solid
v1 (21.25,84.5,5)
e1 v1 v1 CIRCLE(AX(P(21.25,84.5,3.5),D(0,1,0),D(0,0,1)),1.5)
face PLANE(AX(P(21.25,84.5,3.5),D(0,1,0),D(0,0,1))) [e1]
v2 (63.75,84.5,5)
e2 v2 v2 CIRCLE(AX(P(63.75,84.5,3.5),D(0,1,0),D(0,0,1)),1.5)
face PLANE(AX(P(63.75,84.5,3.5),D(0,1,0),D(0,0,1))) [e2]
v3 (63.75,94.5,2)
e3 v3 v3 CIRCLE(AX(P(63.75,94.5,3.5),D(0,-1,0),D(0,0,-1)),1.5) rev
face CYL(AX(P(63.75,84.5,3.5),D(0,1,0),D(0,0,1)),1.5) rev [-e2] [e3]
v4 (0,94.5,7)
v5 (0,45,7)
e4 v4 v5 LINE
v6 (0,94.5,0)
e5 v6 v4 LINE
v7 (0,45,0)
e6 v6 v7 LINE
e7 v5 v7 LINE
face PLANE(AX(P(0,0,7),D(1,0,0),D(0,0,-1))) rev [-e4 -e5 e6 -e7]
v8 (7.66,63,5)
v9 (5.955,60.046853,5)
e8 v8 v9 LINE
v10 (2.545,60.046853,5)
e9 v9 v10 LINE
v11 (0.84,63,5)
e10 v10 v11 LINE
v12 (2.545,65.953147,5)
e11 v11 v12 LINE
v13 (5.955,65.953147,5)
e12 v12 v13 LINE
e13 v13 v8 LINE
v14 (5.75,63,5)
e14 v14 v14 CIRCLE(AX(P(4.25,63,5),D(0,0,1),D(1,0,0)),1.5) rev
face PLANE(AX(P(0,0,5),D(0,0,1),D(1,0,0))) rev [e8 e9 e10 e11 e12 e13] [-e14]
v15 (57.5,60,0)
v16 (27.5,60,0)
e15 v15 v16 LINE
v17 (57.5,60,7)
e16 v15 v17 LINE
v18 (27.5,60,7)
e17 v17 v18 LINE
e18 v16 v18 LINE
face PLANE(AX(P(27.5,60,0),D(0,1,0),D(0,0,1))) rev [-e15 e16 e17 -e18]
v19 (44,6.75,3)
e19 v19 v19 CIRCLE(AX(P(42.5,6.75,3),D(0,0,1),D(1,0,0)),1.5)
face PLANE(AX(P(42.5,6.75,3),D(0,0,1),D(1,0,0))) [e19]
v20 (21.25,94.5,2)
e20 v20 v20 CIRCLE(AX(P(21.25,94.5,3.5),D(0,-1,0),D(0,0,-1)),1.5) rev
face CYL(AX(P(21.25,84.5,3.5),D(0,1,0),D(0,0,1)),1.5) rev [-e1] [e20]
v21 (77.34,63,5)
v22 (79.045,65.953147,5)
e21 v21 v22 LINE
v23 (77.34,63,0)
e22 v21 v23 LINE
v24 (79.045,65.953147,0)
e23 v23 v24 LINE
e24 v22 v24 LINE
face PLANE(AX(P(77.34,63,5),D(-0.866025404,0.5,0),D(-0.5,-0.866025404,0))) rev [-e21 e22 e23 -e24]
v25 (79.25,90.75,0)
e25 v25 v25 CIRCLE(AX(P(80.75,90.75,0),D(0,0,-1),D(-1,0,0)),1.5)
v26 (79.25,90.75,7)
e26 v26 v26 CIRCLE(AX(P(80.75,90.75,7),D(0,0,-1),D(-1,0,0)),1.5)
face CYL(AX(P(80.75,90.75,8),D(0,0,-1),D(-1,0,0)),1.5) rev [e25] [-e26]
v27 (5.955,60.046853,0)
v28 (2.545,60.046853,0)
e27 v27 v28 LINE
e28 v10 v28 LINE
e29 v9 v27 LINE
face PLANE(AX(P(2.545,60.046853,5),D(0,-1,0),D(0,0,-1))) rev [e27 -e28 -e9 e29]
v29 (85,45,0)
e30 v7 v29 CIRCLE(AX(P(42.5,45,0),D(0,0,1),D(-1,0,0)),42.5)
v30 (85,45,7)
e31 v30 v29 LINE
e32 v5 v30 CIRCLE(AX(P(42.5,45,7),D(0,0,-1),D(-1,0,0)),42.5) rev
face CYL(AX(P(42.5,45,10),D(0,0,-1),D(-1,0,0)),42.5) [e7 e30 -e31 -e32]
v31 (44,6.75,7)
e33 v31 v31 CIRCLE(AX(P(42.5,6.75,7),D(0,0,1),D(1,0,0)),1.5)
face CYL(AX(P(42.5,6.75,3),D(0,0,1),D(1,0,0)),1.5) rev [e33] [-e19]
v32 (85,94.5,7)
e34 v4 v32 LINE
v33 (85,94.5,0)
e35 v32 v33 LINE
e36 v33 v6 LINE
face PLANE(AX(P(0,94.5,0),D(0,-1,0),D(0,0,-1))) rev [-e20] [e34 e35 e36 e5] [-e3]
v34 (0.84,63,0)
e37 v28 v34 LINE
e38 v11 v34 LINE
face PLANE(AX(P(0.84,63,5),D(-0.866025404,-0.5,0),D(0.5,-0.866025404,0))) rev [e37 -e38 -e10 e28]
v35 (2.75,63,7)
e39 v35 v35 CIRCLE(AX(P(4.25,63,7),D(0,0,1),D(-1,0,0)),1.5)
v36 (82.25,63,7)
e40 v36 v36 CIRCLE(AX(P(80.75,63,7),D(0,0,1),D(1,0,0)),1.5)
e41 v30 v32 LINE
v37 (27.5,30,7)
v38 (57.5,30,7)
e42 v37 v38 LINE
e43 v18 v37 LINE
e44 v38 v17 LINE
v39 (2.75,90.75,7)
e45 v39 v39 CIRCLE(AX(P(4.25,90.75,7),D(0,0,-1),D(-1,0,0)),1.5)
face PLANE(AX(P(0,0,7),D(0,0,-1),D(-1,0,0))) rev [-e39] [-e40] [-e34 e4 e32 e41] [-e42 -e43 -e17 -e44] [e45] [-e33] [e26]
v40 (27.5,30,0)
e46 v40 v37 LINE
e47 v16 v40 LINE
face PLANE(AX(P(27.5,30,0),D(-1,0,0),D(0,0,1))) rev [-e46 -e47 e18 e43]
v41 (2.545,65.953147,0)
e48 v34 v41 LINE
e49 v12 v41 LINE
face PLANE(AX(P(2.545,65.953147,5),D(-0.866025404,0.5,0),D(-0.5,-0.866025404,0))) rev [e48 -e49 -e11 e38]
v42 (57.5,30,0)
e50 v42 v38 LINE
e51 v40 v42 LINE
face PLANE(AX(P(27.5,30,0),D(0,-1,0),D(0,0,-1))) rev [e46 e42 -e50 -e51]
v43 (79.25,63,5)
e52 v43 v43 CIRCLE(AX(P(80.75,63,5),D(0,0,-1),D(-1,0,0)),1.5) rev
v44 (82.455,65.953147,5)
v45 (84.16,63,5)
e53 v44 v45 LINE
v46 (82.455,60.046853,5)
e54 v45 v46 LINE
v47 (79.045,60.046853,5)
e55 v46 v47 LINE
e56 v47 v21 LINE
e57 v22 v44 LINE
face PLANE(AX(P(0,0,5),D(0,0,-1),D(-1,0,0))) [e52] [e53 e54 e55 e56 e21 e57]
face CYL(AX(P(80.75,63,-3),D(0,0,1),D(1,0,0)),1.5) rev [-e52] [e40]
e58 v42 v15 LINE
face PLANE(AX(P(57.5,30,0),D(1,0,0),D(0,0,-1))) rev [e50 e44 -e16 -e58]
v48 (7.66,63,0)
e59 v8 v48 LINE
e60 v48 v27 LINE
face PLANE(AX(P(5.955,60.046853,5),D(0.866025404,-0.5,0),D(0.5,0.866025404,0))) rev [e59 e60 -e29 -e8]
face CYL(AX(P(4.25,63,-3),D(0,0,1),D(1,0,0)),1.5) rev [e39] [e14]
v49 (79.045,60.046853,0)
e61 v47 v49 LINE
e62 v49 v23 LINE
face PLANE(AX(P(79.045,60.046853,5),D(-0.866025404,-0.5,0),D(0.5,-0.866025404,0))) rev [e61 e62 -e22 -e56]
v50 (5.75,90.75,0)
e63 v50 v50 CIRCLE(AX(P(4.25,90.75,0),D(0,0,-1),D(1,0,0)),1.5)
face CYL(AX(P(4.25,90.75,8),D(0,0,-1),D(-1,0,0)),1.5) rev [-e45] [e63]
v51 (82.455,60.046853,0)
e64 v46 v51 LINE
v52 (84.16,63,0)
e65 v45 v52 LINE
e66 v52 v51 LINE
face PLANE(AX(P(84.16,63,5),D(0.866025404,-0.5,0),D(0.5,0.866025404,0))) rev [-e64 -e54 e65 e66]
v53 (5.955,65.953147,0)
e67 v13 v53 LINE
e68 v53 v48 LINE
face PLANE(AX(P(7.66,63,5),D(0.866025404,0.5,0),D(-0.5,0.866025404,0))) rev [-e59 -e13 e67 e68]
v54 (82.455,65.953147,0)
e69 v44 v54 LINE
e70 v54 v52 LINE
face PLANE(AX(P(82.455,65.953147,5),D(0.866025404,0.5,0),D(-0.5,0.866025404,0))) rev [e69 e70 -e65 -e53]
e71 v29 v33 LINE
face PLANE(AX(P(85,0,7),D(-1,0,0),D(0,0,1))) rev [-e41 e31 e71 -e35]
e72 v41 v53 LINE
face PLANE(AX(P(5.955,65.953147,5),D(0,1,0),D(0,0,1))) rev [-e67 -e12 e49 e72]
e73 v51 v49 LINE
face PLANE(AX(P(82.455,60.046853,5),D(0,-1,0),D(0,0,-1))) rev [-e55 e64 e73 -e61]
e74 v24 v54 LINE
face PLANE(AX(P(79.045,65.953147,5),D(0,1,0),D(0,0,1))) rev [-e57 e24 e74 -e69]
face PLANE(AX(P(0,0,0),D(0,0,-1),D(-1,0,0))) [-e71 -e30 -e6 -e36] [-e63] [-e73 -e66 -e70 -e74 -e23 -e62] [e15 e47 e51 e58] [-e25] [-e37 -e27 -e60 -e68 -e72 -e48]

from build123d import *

# Parameters (mm, degrees)
SKETCH1_W           = 85
SKETCH1_H           = 95
BOSS_EXTRUDE1_DEPTH = 7
SKETCH2_W           = 30
SKETCH2_H           = 30
CUT_EXTRUDE1_DEPTH  = 7
SKETCH4_R           = 1.5
CUT_EXTRUDE2_DEPTH  = 10.5
SKETCH6_R           = 1.5
CUT_EXTRUDE3_DEPTH  = 8
CUT_EXTRUDE4_DEPTH  = 10
SKETCH8_R           = 1.5
CUT_EXTRUDE5_DEPTH  = 10
CUT_EXTRUDE6_DEPTH  = 5
SKETCH11_R          = 1.5
CUT_EXTRUDE8_DEPTH  = 4
SKETCH12_W          = 85
SKETCH12_H          = 7
CUT_EXTRUDE9_DEPTH  = 0.5


with BuildPart() as part:
    # Sketch1 → Boss-Extrude1 (new body)
    with BuildSketch(Plane.XY):
        with Locations((42.5, 47.5)):
            Rectangle(SKETCH1_W, SKETCH1_H)
    extrude(amount=BOSS_EXTRUDE1_DEPTH)

    # Sketch2 → Cut-Extrude1 (cut)
    with BuildSketch(Plane.XY.offset(7)):
        with Locations((42.5, 45)):
            Rectangle(SKETCH2_W, SKETCH2_H)
    extrude(amount=-CUT_EXTRUDE1_DEPTH, mode=Mode.SUBTRACT)

    # Sketch4 → Cut-Extrude2 (cut)
    with BuildSketch(Plane(origin=(0, 95, 0), x_dir=(1, 0, 0), z_dir=(0, 1, 0))):
        with Locations((21.25, -3.5)):
            Circle(SKETCH4_R)
        with Locations((63.75, -3.5)):
            Circle(SKETCH4_R)
    extrude(amount=-CUT_EXTRUDE2_DEPTH, mode=Mode.SUBTRACT)

    # Sketch6 → Cut-Extrude3 (cut)
    with BuildSketch(Plane(origin=(0, 0, 0), x_dir=(-1, 0, 0), z_dir=(0, 0, -1))):
        with Locations((-80.75, 90.75)):
            Circle(SKETCH6_R)
        with Locations((-4.25, 90.75)):
            Circle(SKETCH6_R)
        with Locations((-4.45, 4.25)):
            Circle(SKETCH6_R)
        with Locations((-80.75, 7.25)):
            Circle(SKETCH6_R)
    extrude(amount=-CUT_EXTRUDE3_DEPTH, mode=Mode.SUBTRACT)

    # Sketch7 → Cut-Extrude4 (cut)
    with BuildSketch(Plane(origin=(0, 0, 0), x_dir=(-1, 0, 0), z_dir=(0, 0, -1))):
        with BuildLine():
            Line((-85, 45), (-85, 0))
            Line((-85, 0), (0, 0))
            Line((0, 0), (0, 45))
            ThreePointArc((0, 45), (-42.5, 2.5), (-85, 45))
        make_face()
    extrude(amount=-CUT_EXTRUDE4_DEPTH, mode=Mode.SUBTRACT)

    # Sketch8 → Cut-Extrude5 (cut)
    with BuildSketch(Plane.XY.offset(7)):
        with Locations((80.75, 63)):
            Circle(SKETCH8_R)
        with Locations((4.25, 63)):
            Circle(SKETCH8_R)
    extrude(amount=-CUT_EXTRUDE5_DEPTH, mode=Mode.SUBTRACT)

    # Sketch9 → Cut-Extrude6 (cut)
    with BuildSketch(Plane(origin=(0, 0, 0), x_dir=(-1, 0, 0), z_dir=(0, 0, -1))):
        Polygon((-79.045, 65.953146627), (-82.455, 65.953146627), (-84.16, 63), (-82.455, 60.046853373), (-79.045, 60.046853373), (-77.34, 63), align=None)
        Polygon((-0.84, 63), (-2.545, 60.046853373), (-5.955, 60.046853373), (-7.66, 63), (-5.955, 65.953146627), (-2.545, 65.953146627), align=None)
    extrude(amount=-CUT_EXTRUDE6_DEPTH, mode=Mode.SUBTRACT)

    # Sketch11 → Cut-Extrude8 (cut)
    with BuildSketch(Plane.XY.offset(7)):
        with Locations((42.5, 6.75)):
            Circle(SKETCH11_R)
    extrude(amount=-CUT_EXTRUDE8_DEPTH, mode=Mode.SUBTRACT)

    # Sketch12 → Cut-Extrude9 (cut)
    with BuildSketch(Plane(origin=(0, 95, 0), x_dir=(1, 0, 0), z_dir=(0, 1, 0))):
        with Locations((42.5, -3.5)):
            Rectangle(SKETCH12_W, SKETCH12_H)
    extrude(amount=-CUT_EXTRUDE9_DEPTH, mode=Mode.SUBTRACT)


solid = part.part
